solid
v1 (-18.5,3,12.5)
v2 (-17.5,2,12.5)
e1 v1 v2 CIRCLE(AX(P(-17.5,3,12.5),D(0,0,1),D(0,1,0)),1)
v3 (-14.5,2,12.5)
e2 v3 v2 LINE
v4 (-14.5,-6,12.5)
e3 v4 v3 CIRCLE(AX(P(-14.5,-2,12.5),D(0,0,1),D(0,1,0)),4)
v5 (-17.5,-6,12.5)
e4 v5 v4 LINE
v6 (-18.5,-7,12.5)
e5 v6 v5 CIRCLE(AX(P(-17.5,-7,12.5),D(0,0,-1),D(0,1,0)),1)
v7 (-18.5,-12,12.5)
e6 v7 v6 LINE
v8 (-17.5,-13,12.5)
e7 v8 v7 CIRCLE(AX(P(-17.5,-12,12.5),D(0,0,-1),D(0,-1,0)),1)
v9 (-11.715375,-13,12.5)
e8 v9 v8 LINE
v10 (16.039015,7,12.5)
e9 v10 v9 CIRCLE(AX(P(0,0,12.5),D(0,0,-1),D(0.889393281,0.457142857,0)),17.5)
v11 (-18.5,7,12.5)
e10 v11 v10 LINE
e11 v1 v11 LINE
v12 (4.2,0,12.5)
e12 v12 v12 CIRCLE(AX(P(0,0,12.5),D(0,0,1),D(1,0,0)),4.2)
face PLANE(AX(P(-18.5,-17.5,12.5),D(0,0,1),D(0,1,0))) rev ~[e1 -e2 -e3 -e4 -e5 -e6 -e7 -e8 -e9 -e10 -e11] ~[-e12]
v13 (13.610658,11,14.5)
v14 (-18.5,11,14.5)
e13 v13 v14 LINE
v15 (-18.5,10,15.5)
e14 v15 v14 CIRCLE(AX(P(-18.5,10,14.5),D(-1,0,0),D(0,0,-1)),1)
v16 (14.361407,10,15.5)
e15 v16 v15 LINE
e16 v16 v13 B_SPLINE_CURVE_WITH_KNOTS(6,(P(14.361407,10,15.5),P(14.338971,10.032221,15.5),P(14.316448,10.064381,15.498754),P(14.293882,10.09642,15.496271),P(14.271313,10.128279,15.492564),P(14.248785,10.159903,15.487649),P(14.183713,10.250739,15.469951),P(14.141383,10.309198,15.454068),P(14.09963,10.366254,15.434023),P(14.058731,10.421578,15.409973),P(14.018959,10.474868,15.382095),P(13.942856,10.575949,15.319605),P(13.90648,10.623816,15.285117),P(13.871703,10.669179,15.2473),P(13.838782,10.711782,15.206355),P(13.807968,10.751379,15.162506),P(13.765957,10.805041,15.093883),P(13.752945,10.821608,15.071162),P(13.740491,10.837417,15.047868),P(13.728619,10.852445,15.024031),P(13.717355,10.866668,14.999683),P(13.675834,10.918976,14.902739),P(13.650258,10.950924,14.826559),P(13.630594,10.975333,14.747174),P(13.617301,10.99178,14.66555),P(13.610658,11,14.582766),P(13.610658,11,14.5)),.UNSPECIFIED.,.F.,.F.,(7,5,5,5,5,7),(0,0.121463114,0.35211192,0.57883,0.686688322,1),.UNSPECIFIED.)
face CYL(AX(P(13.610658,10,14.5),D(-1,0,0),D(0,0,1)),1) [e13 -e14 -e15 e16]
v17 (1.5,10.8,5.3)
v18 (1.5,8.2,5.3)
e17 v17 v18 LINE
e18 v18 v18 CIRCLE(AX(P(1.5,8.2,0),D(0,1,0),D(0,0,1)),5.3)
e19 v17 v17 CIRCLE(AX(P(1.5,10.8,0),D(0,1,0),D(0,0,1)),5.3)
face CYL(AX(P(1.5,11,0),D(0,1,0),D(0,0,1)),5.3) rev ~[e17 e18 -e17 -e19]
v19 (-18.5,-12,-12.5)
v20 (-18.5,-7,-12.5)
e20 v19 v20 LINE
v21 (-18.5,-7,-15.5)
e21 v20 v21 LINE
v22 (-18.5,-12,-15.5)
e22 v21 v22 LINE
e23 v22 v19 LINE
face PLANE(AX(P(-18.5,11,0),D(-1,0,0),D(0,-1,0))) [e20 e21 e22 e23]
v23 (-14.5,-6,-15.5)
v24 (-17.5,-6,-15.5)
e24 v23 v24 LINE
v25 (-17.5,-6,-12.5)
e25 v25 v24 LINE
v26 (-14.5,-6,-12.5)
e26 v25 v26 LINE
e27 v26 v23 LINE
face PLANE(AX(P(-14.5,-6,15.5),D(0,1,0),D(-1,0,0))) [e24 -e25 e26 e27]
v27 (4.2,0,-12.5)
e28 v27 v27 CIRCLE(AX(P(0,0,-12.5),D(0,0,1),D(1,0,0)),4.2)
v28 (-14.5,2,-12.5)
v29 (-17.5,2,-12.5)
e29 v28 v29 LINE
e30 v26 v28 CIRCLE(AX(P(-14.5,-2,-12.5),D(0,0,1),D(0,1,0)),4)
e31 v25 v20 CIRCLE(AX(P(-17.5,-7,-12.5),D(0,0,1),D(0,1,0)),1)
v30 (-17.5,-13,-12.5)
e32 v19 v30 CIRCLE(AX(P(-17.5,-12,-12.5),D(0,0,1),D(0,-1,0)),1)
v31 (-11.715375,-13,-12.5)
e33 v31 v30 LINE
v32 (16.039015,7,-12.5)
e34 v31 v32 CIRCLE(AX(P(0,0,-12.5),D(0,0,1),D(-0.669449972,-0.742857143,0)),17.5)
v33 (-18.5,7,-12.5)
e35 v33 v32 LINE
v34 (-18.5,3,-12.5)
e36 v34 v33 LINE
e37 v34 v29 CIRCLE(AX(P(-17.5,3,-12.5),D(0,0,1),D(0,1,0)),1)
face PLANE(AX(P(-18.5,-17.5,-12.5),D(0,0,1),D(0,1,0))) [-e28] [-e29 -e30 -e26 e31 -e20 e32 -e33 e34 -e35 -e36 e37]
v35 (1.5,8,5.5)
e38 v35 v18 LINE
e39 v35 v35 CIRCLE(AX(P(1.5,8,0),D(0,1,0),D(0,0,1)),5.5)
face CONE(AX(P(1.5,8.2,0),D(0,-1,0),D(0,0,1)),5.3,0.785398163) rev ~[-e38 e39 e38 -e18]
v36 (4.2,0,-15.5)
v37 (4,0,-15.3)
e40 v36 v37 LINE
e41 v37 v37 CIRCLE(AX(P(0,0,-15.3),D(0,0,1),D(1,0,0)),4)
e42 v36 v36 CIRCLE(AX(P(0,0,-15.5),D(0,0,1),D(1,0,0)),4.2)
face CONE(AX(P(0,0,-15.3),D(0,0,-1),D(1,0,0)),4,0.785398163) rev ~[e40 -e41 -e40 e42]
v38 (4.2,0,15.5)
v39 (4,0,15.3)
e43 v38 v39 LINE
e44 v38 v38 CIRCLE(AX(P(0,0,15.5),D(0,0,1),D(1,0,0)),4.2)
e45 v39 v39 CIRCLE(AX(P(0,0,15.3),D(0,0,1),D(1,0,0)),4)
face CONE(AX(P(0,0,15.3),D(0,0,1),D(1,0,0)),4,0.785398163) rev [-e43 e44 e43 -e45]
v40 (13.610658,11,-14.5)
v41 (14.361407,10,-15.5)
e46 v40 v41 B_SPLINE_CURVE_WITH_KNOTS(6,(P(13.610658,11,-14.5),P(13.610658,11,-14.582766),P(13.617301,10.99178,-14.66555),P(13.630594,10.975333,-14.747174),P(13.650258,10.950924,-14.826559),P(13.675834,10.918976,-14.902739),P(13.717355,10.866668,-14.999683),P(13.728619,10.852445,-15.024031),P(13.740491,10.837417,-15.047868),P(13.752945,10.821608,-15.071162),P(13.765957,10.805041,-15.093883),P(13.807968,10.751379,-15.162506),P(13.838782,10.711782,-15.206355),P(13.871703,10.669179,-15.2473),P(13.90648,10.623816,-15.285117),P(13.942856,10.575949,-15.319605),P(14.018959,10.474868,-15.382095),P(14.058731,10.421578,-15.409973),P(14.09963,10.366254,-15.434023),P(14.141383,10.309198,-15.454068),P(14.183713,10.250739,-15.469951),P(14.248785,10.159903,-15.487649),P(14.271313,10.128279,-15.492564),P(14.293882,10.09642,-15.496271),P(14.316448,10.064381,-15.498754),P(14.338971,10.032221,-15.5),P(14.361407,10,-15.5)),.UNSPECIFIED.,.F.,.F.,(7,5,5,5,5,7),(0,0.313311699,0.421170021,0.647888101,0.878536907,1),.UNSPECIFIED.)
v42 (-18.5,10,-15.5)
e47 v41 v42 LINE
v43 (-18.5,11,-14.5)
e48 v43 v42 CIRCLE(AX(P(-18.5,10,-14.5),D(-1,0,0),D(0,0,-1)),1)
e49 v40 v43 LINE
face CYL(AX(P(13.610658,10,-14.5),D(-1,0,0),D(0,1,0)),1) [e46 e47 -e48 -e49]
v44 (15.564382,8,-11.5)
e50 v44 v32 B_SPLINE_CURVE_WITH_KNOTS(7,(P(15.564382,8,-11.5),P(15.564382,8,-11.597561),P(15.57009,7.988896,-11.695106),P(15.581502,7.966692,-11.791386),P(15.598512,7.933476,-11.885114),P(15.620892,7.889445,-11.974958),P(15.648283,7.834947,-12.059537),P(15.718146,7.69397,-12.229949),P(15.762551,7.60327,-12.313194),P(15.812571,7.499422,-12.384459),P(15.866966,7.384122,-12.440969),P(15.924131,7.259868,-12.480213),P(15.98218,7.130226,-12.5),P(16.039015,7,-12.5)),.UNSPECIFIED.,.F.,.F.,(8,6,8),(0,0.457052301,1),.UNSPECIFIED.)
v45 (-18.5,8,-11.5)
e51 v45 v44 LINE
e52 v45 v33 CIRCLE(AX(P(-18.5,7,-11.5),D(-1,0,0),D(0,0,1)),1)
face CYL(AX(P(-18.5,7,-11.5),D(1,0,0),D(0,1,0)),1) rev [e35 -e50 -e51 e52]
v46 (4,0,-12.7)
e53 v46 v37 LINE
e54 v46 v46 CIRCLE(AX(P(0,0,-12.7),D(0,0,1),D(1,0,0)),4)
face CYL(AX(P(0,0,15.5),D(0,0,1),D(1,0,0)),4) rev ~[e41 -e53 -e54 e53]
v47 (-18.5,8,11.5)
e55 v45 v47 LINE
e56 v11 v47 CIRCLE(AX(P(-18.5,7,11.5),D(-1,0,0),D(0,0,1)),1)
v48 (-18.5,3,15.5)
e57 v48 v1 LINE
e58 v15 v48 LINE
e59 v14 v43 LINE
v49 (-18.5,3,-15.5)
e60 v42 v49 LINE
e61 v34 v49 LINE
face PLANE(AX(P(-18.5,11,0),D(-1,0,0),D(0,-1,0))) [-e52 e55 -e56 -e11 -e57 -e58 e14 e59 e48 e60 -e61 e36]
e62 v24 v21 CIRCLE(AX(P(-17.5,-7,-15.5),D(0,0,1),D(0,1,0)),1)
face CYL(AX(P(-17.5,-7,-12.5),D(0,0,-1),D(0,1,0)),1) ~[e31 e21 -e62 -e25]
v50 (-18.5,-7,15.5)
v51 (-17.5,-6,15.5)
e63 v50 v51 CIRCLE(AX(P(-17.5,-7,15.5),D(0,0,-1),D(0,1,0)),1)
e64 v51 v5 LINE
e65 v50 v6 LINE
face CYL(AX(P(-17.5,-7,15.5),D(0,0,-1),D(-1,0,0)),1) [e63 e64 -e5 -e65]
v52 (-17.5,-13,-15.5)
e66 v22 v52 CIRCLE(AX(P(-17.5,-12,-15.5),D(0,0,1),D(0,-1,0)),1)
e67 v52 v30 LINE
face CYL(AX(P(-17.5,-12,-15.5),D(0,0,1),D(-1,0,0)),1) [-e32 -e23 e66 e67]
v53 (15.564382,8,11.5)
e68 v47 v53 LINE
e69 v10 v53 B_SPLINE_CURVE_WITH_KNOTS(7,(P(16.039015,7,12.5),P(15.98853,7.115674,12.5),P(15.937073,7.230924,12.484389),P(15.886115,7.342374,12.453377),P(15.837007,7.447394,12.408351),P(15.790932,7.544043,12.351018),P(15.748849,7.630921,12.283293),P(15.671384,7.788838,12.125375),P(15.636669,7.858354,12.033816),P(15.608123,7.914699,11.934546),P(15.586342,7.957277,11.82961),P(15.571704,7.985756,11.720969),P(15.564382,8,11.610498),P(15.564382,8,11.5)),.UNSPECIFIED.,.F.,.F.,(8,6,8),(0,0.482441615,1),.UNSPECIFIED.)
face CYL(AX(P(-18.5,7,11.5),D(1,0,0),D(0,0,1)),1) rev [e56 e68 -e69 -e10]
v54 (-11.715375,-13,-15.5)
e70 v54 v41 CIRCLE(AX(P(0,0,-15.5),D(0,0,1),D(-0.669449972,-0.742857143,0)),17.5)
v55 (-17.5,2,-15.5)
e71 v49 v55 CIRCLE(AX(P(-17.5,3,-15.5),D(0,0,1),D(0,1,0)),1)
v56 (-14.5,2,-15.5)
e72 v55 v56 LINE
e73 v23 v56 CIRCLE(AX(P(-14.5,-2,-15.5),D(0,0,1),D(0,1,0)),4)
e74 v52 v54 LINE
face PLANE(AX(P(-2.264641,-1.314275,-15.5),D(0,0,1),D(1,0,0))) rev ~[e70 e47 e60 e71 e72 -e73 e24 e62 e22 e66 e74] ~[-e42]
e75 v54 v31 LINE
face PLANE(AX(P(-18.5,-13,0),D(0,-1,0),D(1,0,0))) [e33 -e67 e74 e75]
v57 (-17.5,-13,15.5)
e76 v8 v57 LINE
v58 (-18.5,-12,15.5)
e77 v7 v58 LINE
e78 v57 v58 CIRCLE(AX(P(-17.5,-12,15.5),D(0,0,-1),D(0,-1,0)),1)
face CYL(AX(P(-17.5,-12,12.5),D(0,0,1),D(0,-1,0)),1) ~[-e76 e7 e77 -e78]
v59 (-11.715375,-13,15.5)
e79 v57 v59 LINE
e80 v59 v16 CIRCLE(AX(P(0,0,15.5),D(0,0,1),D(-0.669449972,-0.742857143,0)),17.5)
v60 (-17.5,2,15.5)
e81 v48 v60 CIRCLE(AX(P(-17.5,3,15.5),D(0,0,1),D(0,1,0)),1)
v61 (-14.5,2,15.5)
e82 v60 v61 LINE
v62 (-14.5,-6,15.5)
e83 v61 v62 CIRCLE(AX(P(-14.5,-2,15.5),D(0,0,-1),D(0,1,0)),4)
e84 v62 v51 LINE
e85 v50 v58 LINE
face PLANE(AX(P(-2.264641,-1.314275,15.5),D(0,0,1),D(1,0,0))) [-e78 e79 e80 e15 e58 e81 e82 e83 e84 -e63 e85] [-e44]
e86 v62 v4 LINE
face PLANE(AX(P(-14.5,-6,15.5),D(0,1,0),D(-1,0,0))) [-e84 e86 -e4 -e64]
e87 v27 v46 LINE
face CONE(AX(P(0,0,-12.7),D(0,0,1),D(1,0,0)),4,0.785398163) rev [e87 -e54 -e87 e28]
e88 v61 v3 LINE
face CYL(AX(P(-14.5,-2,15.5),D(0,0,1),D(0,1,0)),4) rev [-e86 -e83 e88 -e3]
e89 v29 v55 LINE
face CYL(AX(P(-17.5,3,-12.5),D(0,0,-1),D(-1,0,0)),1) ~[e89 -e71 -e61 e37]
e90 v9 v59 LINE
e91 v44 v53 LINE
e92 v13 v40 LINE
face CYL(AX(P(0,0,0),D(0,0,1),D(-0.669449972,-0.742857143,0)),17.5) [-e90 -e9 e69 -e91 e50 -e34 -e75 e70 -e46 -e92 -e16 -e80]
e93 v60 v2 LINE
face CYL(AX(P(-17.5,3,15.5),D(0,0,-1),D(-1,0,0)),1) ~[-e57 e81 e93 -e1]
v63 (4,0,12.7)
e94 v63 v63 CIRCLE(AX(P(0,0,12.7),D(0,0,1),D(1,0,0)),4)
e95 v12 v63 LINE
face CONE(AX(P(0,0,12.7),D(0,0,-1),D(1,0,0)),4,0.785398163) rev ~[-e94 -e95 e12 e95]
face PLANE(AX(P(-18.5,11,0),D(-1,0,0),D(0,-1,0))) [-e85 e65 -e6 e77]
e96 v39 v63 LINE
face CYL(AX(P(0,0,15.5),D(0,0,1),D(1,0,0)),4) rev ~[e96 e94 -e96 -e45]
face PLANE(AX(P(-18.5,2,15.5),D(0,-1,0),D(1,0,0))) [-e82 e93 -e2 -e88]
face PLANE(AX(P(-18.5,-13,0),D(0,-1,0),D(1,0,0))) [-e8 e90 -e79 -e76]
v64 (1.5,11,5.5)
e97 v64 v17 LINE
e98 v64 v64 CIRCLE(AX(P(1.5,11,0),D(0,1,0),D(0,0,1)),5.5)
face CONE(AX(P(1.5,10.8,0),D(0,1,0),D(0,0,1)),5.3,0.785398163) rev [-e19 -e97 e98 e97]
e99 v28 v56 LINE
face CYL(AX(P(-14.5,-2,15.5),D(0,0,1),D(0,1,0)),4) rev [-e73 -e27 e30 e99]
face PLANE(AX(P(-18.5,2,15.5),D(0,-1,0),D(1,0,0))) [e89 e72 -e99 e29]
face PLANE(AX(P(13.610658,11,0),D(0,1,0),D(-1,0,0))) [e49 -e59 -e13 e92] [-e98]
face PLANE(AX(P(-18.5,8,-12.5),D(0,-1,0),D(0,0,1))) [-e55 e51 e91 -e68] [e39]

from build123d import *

# Parameters (mm, degrees)
EXTRUDE_1_DEPTH     = 15.5
SKETCH_2_R          = 4
CUT_EXTRUDE_1_DEPTH = 41.118574252
SKETCH_3_W          = 25
SKETCH_3_H          = 25.5
CUT_EXTRUDE_2_DEPTH = 43.924352063
CUT_EXTRUDE_3_REACH = 39.346
SKETCH_4_R          = 5.3
FILLET_1_R          = 1
FILLET_2_R          = 1
CHAMFER_1_SIZE      = 0.2


with BuildPart() as part:
    # ｽｹｯﾁ1 → ﾎﾞｽ - 押し出し1 (new, symmetric)
    with BuildSketch(Plane.XY):
        with BuildLine():
            Line((-18.5, 11), (-18.5, -13))
            Line((-18.5, -13), (-11.715374514, -13))
            ThreePointArc((-11.715374514, -13), (12.037359531, -12.702439747), (13.610657589, 11))
            Line((13.610657589, 11), (-18.5, 11))
        make_face()
    extrude(amount=EXTRUDE_1_DEPTH, both=True)

    # ｽｹｯﾁ2 → ｶｯﾄ - 押し出し1 (cut, through all)
    with BuildSketch(Plane.XY.offset(15.5)):
        Circle(SKETCH_2_R)
        with BuildLine():
            Line((-18.5, 2), (-14.5, 2))
            ThreePointArc((-14.5, 2), (-10.5, -2), (-14.5, -6))
            Line((-14.5, -6), (-18.5, -6))
            Line((-18.5, -6), (-18.5, 2))
        make_face()
    extrude(amount=-CUT_EXTRUDE_1_DEPTH, mode=Mode.SUBTRACT)

    # ｽｹｯﾁ3 → ｶｯﾄ - 押し出し2 (cut, through all)
    with BuildSketch(Plane.ZY.offset(18.5)):
        with Locations((0, -4.75)):
            Rectangle(SKETCH_3_W, SKETCH_3_H)
    extrude(amount=-CUT_EXTRUDE_2_DEPTH, mode=Mode.SUBTRACT)

    # ｽｹｯﾁ4 → ｶｯﾄ - 押し出し3 (cut, up to next)
    with BuildSketch(Plane(origin=(0, 11, 0), x_dir=(1, 0, 0), z_dir=(0, 1, 0)), mode=Mode.PRIVATE) as cut_extrude_3_sk1:
        with Locations(Location((1.5, 0, 0), (0, 0, 270))):
            Circle(SKETCH_4_R)
    cut_extrude_3_tool1 = extrude(cut_extrude_3_sk1.sketch, amount=-CUT_EXTRUDE_3_REACH, mode=Mode.PRIVATE) & part.part
    add(cut_extrude_3_tool1.solids().sort_by_distance((1.5, 11, 0))[0], mode=Mode.SUBTRACT)

    # ﾌｨﾚｯﾄ1
    fillet_1_edges = [part.edges().sort_by_distance(p)[0] for p in [
        (-18.5, -6, -14),
        (-18.5, 2, -14),
        (-18.5, -6, 14),
        (-18.5, 2, 14),
        (-18.5, -13, -14),
        (-18.5, -13, 14),
    ]]
    fillet(fillet_1_edges, radius=FILLET_1_R)

    # ﾌｨﾚｯﾄ2
    fillet_2_edges = [part.edges().sort_by_distance(p)[0] for p in [
        (-2.444671206, 11, 15.5),
        (-1.467808792, 8, -12.5),
        (-1.467808792, 8, 12.5),
        (-2.444671206, 11, -15.5),
    ]]
    fillet(fillet_2_edges, radius=FILLET_2_R)

    # 面取り1
    chamfer_1_edges = [part.edges().sort_by_distance(p)[0] for p in [
        (-4, 0, -15.5),
        (-4, 0, 15.5),
        (-4, 0, -12.5),
        (-4, 0, 12.5),
        (1.5, 11, -5.3),
        (1.5, 8, -5.3),
    ]]
    chamfer(chamfer_1_edges, length=CHAMFER_1_SIZE)


solid = part.part
